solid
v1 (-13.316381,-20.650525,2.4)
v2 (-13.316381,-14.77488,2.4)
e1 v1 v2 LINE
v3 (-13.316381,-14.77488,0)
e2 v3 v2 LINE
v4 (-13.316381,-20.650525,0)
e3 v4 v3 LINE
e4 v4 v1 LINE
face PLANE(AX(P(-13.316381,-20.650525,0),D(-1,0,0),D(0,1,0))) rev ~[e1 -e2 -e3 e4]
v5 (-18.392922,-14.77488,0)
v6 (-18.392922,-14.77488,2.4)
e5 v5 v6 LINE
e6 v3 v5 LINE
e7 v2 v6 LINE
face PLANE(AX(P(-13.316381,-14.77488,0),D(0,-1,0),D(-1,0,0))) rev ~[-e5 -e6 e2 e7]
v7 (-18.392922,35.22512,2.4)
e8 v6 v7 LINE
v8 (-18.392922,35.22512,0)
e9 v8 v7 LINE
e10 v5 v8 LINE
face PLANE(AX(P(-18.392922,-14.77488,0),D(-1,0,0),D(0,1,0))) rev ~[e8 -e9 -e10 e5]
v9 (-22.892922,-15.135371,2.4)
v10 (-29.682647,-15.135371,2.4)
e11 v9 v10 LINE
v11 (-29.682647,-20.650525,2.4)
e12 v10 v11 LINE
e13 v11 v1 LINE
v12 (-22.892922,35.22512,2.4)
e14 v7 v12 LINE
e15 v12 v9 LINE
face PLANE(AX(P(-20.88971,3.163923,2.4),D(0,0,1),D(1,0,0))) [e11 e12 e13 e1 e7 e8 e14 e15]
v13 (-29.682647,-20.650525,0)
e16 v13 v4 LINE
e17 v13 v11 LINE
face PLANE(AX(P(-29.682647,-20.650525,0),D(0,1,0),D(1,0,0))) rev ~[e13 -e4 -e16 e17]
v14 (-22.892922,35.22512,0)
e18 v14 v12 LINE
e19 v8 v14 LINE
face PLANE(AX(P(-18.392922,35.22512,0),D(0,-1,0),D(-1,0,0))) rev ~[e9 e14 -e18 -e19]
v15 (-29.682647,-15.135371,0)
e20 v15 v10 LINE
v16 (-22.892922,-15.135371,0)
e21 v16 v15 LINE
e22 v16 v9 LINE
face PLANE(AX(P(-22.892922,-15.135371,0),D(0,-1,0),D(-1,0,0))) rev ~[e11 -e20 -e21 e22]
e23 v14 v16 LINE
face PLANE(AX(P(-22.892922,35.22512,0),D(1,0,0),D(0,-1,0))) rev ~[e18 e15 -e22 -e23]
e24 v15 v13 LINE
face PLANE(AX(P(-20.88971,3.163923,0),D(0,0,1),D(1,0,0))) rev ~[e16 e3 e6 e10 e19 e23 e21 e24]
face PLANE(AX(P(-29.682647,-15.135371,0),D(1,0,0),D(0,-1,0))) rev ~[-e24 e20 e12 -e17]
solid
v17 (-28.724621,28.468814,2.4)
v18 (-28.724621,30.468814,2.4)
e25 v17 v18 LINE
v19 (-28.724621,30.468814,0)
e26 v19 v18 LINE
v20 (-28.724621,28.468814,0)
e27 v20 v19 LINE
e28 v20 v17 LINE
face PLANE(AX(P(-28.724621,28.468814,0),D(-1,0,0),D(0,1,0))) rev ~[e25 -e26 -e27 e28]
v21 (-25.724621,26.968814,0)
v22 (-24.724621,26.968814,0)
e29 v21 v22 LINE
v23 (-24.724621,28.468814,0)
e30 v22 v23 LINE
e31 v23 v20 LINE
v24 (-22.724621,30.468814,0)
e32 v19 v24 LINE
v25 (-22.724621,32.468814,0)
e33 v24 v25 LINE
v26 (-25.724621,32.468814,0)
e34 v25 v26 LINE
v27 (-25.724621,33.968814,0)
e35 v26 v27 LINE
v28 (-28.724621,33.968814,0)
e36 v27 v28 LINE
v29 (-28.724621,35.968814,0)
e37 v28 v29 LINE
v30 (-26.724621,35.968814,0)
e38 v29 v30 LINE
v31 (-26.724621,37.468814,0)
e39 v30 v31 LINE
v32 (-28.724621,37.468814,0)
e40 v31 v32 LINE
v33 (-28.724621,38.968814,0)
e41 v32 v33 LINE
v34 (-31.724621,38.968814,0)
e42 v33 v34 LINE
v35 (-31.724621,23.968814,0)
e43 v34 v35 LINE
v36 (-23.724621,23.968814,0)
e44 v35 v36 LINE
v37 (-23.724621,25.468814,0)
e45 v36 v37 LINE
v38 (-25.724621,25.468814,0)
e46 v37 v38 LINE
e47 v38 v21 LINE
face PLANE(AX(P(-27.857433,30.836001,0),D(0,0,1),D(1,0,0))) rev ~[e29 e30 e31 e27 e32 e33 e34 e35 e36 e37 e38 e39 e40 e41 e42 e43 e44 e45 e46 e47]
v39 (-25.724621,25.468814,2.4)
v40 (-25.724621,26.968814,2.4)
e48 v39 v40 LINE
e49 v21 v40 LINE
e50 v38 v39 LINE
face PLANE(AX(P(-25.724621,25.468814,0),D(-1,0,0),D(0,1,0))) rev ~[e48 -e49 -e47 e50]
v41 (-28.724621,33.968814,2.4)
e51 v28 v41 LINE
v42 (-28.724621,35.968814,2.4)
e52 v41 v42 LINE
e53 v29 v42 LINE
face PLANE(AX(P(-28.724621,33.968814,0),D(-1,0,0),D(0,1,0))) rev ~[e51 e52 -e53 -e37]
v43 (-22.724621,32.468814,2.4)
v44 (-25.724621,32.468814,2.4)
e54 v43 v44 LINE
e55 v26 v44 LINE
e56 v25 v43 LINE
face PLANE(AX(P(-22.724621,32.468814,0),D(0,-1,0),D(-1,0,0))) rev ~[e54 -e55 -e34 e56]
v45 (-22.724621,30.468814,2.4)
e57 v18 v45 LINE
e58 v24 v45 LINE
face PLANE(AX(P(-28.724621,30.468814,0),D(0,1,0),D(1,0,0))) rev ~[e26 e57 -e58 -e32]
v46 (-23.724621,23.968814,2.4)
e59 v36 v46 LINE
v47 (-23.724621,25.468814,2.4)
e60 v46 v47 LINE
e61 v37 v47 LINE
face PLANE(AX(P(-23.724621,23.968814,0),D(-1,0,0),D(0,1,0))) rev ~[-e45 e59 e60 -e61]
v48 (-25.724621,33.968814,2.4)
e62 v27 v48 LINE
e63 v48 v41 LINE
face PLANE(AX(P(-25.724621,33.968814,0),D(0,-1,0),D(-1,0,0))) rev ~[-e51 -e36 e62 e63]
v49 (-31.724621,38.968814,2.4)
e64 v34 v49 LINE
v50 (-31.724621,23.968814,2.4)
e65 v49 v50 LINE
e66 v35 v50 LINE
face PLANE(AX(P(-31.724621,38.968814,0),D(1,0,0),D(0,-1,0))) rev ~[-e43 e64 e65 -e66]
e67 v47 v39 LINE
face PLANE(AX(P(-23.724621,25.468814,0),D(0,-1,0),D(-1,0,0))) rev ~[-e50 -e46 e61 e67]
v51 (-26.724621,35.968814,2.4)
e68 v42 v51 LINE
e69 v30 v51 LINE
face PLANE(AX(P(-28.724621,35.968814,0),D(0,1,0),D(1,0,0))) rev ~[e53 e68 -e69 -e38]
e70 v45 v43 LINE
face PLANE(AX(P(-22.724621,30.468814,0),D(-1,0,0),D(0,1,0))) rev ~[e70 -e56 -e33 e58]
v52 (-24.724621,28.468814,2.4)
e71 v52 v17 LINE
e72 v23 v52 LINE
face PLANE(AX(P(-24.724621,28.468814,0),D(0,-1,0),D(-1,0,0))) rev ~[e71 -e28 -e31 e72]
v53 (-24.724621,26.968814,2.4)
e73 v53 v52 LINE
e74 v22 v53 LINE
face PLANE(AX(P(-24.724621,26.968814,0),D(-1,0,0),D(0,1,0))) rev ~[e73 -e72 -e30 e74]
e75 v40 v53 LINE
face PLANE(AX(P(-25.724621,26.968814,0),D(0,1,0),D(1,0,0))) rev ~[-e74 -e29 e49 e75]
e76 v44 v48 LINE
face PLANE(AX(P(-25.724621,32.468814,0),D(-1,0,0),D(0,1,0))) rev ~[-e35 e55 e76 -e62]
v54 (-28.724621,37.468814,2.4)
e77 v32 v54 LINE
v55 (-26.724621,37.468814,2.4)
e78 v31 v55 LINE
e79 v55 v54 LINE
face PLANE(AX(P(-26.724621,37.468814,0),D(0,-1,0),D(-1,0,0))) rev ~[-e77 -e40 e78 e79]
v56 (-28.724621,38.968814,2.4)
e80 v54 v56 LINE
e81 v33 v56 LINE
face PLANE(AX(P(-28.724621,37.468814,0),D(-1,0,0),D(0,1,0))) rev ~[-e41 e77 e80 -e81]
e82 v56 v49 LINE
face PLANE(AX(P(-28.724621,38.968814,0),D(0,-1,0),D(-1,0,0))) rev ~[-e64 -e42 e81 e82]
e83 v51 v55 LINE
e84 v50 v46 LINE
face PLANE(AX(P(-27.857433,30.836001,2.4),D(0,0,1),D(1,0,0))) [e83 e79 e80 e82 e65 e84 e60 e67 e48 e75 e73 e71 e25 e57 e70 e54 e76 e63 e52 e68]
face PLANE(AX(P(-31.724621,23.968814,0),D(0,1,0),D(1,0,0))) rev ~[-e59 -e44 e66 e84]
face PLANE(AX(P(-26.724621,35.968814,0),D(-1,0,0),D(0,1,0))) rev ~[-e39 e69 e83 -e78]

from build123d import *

# Parameters (mm, degrees)
F1_DEPTH = 2.4
F3_DEPTH = 2.4


with BuildPart() as f1:
    # F0 (on Top) → F1 (new body)
    with BuildSketch(Plane.XY):
        Polygon((-28.724621, 38.968814), (-31.724621, 38.968814), (-31.724621, 37.468814), (-31.724621, 35.968814), (-31.724621, 33.968814), (-31.724621, 32.468814), (-31.724621, 23.968814), (-23.724621, 23.968814), (-23.724621, 25.468814), (-25.724621, 25.468814), (-25.724621, 26.968814), (-24.724621, 26.968814), (-24.724621, 28.468814), (-28.724621, 28.468814), (-28.724621, 30.468814), (-22.724621, 30.468814), (-22.724621, 32.468814), (-25.724621, 32.468814), (-25.724621, 33.968814), (-28.724621, 33.968814), (-28.724621, 35.968814), (-26.724621, 35.968814), (-26.724621, 37.468814), (-28.724621, 37.468814), align=None)
    extrude(amount=F1_DEPTH)


with BuildPart() as f3:
    # F2 (on Top) → F3 (new body)
    with BuildSketch(Plane.XY):
        Polygon((-18.392922, 35.22512), (-22.892922, 35.22512), (-22.892922, -15.135371), (-29.682647, -15.135371), (-29.682647, -20.650525), (-13.316381, -20.650525), (-13.316381, -14.77488), (-18.392922, -14.77488), align=None)
    extrude(amount=F3_DEPTH)


solid = Compound([f1.part, f3.part])
